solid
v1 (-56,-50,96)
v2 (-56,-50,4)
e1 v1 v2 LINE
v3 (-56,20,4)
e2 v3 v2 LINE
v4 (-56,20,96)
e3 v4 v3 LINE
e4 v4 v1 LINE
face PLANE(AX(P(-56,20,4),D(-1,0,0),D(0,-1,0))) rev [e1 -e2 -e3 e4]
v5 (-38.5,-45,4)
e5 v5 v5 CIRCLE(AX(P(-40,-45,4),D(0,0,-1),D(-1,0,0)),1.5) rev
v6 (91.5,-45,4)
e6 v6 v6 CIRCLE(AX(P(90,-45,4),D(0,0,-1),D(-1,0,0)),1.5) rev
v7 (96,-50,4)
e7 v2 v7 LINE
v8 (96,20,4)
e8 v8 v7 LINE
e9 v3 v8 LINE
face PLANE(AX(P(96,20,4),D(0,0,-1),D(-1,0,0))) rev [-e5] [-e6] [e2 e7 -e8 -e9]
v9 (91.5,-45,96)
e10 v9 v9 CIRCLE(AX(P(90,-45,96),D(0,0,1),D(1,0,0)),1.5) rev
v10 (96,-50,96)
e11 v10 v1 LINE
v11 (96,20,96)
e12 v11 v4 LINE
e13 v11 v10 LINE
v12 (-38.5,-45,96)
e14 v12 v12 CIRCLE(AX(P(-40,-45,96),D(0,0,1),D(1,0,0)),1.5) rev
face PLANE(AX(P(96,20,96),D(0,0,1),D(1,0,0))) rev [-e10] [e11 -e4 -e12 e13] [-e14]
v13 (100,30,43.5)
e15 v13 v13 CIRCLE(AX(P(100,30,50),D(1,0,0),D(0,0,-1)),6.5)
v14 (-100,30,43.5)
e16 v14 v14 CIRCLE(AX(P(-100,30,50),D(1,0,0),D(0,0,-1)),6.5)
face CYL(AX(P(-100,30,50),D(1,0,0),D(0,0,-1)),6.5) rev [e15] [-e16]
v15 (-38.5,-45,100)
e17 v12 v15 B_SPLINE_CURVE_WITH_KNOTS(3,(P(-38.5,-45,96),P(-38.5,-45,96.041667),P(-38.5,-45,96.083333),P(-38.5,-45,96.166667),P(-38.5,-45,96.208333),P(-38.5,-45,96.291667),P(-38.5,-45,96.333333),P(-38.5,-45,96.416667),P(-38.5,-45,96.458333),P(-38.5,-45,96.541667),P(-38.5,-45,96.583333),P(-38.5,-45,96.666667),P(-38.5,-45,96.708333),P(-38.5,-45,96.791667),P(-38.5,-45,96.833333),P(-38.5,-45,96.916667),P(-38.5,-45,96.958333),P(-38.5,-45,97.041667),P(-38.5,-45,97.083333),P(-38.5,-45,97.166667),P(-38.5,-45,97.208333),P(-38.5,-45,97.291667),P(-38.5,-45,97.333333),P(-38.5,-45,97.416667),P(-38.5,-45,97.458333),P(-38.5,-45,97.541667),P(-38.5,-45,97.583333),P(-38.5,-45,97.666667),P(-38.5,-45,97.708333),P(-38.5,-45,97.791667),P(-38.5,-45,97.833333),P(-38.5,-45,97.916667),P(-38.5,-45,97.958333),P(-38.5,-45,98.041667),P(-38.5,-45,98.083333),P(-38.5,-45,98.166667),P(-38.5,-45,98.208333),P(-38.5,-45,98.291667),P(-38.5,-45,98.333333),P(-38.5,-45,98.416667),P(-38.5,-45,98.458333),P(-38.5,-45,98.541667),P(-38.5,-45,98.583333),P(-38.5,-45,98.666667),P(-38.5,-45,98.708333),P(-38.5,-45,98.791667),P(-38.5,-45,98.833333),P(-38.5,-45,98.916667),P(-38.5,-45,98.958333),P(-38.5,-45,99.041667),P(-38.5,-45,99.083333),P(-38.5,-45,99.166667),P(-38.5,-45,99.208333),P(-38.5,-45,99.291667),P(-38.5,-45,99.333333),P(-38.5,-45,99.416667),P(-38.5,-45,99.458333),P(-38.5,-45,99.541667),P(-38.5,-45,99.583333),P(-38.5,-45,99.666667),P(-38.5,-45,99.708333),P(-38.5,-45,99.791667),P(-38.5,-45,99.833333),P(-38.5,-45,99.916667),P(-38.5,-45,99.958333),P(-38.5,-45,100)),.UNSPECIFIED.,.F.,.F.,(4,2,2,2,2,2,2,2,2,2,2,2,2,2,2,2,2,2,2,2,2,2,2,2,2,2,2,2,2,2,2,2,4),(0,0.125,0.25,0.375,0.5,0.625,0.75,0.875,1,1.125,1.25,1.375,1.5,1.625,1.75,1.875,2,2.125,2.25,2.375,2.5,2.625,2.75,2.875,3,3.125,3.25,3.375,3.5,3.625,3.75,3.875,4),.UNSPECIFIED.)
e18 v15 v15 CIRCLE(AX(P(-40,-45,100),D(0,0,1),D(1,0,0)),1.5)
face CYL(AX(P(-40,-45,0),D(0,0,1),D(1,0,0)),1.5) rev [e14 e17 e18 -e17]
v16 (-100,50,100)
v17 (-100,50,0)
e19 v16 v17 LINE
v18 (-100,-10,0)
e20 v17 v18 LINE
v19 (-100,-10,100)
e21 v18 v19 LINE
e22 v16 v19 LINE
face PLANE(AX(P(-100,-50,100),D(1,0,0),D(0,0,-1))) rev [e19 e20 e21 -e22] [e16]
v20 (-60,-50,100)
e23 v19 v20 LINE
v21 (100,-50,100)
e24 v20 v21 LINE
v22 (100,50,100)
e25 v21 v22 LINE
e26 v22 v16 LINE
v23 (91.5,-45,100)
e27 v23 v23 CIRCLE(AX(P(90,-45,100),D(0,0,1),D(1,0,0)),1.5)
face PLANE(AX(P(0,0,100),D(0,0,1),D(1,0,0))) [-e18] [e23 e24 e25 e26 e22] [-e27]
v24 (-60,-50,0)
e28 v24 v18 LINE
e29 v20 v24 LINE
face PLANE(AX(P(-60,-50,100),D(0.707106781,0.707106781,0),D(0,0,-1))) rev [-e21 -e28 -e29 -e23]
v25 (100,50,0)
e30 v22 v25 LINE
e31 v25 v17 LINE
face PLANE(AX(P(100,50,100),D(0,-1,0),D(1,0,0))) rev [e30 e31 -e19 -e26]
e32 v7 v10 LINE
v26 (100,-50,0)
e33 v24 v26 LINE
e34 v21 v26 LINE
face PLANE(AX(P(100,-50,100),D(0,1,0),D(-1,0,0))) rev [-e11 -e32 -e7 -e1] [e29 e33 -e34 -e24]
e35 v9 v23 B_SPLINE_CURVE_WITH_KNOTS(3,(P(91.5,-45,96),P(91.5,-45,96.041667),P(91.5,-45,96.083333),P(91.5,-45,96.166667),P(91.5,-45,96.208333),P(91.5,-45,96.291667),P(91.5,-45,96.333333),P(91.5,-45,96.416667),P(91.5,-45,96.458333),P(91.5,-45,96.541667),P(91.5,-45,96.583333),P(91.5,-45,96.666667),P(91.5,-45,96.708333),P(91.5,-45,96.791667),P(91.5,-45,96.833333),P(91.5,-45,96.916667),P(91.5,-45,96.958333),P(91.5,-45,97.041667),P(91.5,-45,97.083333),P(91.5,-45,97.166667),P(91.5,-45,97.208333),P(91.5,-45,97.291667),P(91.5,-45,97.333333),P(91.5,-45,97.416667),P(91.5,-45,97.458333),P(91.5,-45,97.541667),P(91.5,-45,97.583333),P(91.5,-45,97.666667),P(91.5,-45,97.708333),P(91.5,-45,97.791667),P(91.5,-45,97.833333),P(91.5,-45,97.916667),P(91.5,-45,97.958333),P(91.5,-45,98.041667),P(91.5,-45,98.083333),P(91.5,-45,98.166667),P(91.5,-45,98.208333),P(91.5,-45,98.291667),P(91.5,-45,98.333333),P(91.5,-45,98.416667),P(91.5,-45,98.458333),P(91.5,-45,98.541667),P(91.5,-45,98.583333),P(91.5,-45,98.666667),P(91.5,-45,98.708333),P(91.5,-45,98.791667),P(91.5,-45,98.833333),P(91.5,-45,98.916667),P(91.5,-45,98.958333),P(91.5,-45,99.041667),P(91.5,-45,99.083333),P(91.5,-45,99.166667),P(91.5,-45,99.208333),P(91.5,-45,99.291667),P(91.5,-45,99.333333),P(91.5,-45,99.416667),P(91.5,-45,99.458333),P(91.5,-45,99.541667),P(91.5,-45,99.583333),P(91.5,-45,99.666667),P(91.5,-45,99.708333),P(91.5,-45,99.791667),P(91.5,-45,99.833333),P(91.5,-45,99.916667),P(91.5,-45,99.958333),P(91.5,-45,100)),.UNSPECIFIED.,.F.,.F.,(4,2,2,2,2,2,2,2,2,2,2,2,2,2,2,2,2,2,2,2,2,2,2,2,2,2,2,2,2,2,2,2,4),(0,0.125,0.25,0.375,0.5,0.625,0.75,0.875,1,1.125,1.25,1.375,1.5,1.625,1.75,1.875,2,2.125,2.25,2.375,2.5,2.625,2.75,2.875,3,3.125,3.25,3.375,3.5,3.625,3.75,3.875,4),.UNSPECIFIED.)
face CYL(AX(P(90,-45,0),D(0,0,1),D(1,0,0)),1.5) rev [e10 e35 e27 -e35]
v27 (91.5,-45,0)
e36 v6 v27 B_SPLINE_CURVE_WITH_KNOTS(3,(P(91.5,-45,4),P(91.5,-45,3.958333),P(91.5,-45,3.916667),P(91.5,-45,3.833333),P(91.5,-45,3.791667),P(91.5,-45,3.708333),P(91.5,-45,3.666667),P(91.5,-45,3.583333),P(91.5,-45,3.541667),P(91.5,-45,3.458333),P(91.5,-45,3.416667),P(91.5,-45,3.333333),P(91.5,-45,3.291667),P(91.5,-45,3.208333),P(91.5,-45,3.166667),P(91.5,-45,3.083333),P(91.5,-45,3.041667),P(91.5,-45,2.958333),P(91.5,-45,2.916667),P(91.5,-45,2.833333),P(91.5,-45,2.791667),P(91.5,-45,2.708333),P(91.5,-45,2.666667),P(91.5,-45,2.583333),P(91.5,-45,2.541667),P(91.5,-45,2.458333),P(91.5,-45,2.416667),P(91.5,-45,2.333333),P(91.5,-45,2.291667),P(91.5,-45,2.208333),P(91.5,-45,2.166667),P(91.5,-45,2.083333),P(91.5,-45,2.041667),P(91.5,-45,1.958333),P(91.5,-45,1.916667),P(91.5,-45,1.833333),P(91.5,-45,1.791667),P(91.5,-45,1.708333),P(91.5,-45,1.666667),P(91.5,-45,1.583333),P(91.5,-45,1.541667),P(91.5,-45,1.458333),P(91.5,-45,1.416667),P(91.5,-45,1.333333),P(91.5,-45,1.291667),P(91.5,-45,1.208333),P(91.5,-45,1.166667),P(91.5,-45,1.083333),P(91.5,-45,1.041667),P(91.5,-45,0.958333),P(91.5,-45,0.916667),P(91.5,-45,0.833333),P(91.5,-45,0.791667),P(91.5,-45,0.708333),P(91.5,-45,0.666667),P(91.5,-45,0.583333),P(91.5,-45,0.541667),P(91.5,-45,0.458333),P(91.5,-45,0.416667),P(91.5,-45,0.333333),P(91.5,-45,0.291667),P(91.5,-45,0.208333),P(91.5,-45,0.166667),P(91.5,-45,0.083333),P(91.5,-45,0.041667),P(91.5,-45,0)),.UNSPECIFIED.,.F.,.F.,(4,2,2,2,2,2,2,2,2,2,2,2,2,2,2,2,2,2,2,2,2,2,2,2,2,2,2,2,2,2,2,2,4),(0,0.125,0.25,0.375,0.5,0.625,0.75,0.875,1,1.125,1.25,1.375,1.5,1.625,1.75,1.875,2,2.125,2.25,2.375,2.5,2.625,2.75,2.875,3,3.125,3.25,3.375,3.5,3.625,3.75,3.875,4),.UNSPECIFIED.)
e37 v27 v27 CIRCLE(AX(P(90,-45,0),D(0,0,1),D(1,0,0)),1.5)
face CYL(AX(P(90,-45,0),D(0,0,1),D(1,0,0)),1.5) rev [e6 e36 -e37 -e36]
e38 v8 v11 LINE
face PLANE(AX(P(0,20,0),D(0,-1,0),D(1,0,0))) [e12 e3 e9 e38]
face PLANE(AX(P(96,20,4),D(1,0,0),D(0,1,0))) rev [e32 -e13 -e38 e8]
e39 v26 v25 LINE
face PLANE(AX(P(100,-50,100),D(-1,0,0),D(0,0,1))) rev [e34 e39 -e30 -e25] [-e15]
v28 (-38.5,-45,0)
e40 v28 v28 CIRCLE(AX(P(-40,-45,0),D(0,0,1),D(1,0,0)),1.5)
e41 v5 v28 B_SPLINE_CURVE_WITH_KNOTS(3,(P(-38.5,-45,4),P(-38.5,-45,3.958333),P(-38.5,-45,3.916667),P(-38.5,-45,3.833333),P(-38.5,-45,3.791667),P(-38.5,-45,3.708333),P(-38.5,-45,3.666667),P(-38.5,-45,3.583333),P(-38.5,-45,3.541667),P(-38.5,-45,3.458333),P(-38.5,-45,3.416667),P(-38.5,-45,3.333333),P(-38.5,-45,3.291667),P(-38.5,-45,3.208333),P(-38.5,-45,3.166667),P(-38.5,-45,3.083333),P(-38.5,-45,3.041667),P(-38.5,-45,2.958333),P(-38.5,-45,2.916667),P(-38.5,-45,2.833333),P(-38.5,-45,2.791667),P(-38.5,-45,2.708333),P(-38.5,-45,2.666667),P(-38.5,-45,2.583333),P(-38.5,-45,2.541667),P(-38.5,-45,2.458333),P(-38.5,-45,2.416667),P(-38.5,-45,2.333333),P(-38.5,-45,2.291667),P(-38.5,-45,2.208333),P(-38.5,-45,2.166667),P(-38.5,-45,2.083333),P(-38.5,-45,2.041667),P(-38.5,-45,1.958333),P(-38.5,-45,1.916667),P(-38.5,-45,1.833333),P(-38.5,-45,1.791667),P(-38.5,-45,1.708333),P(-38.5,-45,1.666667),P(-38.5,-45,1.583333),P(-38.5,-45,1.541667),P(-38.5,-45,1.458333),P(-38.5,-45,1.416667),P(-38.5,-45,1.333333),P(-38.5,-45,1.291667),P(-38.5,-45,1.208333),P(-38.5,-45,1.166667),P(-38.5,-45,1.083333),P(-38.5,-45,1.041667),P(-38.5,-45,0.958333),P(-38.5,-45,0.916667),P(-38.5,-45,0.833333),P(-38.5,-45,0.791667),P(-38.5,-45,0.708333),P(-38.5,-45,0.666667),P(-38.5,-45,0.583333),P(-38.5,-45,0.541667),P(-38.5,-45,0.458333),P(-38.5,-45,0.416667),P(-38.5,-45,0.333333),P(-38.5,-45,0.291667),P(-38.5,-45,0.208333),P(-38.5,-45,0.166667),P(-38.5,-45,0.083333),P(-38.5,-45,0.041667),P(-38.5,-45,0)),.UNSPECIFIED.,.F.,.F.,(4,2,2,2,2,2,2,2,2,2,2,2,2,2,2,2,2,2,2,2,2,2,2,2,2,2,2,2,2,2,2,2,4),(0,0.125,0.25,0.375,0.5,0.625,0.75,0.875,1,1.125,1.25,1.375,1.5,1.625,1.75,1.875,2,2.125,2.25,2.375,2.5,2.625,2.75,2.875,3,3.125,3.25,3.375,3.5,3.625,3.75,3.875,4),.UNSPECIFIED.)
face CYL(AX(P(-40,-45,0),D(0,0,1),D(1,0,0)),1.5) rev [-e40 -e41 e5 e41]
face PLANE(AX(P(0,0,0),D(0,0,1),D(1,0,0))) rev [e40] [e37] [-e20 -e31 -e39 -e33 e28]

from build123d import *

# Parameters (mm, degrees)
ESQUISSE1_W             = 200
ESQUISSE1_H             = 100
BOSS_EXTRU_1_DEPTH      = 100
CHANFREIN1_SIZE         = 40
ESQUISSE2_R             = 6.5
ENL_V_MAT_EXTRU_1_DEPTH = 230.128784748
ESQUISSE4_R             = 1.5
ENL_V_MAT_EXTRU_3_DEPTH = 151
ESQUISSE5_W             = 152
ESQUISSE5_H             = 92
ENL_V_MAT_EXTRU_4_DEPTH = 70


with BuildPart() as part:
    # Esquisse1 → Boss.-Extru.1 (new body)
    with BuildSketch(Plane.XY):
        Rectangle(ESQUISSE1_W, ESQUISSE1_H)
    extrude(amount=BOSS_EXTRU_1_DEPTH)

    # Chanfrein1
    chanfrein1_edges = [part.edges().sort_by_distance(p)[0] for p in [
        (-100, -50, 50),
    ]]
    chamfer(chanfrein1_edges, length=CHANFREIN1_SIZE)

    # Esquisse2 → Enlèv. mat.-Extru.1 (cut, through all)
    with BuildSketch(Plane(origin=(100, 0, 0), x_dir=(0, 0, -1), z_dir=(1, 0, 0))):
        with Locations((-50, 30)):
            Circle(ESQUISSE2_R)
    extrude(amount=-ENL_V_MAT_EXTRU_1_DEPTH, mode=Mode.SUBTRACT)

    # Esquisse4 → Enlèv. mat.-Extru.3 (cut, through all)
    with BuildSketch(Plane.XY.offset(100)):
        with Locations((90, -45)):
            Circle(ESQUISSE4_R)
        with Locations((-40, -45)):
            Circle(ESQUISSE4_R)
    extrude(amount=-ENL_V_MAT_EXTRU_3_DEPTH, mode=Mode.SUBTRACT)

    # Esquisse5 → Enlèv. mat.-Extru.4 (cut)
    with BuildSketch(Plane.XZ.offset(50)):
        with Locations((20, 50)):
            Rectangle(ESQUISSE5_W, ESQUISSE5_H)
    extrude(amount=-ENL_V_MAT_EXTRU_4_DEPTH, mode=Mode.SUBTRACT)


solid = part.part
